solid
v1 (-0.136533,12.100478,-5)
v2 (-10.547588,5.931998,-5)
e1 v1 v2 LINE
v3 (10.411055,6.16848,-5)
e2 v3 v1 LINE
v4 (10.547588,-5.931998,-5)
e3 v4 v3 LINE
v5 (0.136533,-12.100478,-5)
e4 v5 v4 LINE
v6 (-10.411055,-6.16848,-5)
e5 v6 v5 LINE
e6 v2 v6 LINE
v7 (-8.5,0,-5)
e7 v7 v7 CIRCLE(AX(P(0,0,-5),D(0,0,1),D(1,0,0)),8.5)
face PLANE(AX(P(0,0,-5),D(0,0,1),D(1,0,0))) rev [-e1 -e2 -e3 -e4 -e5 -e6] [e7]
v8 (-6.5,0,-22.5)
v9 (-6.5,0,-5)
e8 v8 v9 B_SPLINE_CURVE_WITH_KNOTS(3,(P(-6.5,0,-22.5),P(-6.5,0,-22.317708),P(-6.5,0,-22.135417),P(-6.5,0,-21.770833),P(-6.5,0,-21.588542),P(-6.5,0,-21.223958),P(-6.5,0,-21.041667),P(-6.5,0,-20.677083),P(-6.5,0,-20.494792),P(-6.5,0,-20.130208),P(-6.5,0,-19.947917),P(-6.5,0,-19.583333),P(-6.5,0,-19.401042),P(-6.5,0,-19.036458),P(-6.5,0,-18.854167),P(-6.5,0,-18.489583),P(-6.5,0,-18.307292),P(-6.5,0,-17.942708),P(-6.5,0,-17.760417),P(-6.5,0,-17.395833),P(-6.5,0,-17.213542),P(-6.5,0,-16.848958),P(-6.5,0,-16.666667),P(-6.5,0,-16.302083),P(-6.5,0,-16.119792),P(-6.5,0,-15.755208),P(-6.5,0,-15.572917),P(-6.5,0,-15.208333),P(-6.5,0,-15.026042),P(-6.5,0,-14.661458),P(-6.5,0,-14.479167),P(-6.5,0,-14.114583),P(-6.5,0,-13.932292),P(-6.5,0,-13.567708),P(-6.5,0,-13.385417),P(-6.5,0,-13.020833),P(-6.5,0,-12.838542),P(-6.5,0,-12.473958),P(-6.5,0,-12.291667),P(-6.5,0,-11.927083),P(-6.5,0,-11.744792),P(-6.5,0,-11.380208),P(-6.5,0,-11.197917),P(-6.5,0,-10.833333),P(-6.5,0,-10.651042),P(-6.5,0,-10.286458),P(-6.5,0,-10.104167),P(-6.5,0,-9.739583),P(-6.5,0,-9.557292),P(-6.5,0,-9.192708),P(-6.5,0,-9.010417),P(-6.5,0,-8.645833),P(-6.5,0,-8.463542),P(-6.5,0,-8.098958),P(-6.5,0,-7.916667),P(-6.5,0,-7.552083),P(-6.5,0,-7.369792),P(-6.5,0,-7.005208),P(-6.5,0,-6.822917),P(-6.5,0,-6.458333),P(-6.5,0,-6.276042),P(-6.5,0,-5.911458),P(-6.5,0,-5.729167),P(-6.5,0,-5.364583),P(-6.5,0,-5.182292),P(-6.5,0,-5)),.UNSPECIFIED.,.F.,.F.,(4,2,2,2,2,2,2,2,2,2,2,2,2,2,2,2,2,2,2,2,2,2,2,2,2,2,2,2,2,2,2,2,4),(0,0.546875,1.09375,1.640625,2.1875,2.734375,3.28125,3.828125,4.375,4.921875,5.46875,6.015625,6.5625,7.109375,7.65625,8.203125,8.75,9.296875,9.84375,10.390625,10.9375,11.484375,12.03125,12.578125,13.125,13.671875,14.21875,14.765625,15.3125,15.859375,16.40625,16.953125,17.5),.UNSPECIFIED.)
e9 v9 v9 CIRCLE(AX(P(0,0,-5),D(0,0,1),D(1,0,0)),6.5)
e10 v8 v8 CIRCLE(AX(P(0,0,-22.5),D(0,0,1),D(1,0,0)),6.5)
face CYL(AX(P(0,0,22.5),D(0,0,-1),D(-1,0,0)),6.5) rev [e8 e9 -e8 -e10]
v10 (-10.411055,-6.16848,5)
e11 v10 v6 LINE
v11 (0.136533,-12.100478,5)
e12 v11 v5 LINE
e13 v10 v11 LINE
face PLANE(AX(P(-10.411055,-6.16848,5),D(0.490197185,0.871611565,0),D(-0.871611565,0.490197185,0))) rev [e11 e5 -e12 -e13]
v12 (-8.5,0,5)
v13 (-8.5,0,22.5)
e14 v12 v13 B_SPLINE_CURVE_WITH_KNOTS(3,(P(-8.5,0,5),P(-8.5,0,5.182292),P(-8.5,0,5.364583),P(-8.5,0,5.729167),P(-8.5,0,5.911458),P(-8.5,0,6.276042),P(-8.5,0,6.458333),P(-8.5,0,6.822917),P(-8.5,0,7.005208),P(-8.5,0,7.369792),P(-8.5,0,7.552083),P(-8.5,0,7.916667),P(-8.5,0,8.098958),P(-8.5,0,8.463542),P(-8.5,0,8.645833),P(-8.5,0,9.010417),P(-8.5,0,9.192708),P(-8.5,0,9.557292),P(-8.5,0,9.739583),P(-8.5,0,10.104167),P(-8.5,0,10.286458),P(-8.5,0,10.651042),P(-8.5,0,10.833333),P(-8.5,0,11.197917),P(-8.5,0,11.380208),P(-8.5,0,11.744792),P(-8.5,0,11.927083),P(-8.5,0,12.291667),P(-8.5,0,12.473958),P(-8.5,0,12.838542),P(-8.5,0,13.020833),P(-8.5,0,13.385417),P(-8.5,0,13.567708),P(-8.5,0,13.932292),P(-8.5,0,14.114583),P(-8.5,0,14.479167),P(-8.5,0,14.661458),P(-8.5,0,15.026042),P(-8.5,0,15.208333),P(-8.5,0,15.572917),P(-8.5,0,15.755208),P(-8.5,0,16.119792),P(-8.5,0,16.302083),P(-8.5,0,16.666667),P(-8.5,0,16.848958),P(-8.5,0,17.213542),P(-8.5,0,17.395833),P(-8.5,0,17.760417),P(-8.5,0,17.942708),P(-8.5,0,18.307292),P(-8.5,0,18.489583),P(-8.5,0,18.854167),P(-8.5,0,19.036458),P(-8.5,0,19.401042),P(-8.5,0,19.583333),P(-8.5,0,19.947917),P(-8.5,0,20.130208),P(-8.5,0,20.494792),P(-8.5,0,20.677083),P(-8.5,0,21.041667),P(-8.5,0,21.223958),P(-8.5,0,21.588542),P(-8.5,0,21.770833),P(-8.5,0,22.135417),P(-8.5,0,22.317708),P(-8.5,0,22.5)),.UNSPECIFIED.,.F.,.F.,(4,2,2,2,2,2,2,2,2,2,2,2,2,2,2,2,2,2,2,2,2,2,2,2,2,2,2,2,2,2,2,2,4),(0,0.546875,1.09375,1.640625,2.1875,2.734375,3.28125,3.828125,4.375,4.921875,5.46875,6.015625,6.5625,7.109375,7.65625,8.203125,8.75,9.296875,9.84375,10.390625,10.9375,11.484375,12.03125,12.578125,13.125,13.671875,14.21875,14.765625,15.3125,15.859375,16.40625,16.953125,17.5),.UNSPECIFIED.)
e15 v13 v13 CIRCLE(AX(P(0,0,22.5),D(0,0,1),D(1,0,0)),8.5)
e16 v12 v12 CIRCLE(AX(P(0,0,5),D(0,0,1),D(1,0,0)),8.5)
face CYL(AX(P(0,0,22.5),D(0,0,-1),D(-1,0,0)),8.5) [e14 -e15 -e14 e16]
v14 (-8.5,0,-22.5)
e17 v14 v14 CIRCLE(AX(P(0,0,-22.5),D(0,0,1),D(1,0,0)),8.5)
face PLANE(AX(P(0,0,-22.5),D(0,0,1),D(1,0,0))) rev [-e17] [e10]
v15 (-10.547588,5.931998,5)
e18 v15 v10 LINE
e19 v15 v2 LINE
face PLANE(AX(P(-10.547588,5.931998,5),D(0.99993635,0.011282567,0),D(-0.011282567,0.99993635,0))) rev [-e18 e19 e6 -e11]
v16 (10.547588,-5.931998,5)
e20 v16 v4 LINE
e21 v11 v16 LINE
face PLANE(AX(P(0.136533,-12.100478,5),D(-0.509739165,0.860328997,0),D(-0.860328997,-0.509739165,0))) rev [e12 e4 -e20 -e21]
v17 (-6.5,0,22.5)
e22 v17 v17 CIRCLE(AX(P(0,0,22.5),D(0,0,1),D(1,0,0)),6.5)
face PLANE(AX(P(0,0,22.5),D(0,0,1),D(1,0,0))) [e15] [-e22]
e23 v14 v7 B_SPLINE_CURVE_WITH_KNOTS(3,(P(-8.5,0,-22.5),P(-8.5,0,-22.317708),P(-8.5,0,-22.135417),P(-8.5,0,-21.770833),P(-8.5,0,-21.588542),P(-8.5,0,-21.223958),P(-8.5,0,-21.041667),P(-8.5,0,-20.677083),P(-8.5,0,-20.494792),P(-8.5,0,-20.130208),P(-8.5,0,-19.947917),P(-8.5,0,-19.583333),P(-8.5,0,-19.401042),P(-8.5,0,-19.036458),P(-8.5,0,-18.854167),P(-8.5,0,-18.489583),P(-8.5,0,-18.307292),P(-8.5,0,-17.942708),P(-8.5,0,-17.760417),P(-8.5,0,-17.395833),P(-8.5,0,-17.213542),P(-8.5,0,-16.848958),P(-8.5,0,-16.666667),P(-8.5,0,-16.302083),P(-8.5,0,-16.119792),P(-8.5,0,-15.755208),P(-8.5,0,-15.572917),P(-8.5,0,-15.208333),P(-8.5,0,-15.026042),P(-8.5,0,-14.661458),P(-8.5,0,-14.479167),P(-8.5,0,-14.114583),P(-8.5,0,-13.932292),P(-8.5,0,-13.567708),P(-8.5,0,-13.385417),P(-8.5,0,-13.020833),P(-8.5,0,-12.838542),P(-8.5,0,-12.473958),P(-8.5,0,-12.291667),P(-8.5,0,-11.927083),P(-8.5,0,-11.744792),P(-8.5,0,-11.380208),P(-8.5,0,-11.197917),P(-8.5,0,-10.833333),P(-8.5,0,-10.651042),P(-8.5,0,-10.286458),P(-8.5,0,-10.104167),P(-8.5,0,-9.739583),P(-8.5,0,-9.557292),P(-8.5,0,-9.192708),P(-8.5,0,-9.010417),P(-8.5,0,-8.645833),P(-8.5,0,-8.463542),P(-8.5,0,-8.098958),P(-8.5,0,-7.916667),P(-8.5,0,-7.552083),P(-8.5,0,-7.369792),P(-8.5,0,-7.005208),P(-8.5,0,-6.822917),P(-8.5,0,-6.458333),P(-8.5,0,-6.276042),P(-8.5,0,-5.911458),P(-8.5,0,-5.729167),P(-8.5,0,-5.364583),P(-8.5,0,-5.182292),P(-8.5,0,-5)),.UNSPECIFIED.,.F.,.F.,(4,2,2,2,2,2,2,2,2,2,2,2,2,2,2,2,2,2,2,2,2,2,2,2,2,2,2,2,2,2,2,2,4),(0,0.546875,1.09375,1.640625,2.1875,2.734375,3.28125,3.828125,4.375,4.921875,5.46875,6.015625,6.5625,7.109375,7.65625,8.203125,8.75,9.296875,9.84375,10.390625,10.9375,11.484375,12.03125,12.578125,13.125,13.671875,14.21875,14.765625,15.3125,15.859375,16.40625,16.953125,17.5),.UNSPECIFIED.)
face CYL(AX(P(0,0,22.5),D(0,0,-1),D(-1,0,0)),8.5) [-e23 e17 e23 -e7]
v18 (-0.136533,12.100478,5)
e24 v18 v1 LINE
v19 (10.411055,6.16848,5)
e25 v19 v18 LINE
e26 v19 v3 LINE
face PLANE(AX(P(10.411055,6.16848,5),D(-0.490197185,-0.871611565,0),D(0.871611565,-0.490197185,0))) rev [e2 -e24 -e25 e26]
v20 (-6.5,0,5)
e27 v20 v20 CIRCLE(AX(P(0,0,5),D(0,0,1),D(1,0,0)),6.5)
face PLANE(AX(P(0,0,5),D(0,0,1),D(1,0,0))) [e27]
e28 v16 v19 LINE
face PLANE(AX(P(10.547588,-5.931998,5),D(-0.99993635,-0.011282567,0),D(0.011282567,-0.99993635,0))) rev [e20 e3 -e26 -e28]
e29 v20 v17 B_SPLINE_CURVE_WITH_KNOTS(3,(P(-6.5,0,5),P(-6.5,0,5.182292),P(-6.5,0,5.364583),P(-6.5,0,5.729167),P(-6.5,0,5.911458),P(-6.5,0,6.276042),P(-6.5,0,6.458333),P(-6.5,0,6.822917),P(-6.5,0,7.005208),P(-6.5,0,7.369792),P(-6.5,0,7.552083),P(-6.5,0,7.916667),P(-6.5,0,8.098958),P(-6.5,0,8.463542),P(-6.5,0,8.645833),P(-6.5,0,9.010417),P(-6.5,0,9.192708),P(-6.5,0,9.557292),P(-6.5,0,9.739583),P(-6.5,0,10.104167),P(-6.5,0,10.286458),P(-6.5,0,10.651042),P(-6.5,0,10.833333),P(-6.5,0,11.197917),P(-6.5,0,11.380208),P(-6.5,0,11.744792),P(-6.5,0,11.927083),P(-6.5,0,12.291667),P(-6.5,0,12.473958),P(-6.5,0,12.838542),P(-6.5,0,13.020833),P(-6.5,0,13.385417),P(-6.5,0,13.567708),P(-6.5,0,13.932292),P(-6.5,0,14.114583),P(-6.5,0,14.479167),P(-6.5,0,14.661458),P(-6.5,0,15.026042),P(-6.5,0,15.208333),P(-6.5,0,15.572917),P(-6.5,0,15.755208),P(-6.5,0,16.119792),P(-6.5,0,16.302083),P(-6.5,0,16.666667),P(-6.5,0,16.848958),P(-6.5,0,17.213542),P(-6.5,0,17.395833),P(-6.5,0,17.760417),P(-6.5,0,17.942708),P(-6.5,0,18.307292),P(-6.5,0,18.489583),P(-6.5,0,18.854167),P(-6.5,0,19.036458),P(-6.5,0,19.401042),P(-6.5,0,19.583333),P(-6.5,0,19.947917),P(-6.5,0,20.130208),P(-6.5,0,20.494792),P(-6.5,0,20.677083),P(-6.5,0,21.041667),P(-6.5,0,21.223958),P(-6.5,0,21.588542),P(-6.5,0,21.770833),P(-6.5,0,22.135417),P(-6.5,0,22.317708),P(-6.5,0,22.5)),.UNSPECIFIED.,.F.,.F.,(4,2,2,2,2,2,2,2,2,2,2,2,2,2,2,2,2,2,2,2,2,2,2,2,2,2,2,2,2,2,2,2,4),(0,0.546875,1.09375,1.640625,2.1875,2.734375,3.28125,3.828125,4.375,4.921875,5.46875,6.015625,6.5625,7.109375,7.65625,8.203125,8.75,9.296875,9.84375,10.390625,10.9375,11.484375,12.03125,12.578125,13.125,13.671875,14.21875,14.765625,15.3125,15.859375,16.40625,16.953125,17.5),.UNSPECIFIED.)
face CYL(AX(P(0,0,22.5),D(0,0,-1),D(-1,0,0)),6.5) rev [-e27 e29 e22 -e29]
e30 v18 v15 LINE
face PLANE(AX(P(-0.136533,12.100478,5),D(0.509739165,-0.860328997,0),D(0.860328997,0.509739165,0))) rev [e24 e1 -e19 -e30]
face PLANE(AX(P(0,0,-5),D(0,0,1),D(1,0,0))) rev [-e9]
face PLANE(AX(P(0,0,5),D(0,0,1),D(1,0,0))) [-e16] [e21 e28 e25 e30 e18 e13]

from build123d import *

# Parameters (mm, degrees)
SKETCH1_R           = 8.5
SKETCH1_R_2         = 6.5
EXTRUDE_THIN1_DEPTH = 22.5
BOSS_EXTRUDE1_DEPTH = 5


with BuildPart() as part:
    # Sketch1 → Extrude-Thin1 (new, symmetric)
    with BuildSketch(Plane.XY):
        Circle(SKETCH1_R)
        Circle(SKETCH1_R_2, mode=Mode.SUBTRACT)
    extrude(amount=EXTRUDE_THIN1_DEPTH, both=True)

    # Sketch2 → Boss-Extrude1 (add, symmetric)
    with BuildSketch(Plane.XY):
        Polygon((10.411055183, 6.168480417), (-0.136533152, 12.100478477), (-10.547588335, 5.93199806), (-10.411055183, -6.168480417), (0.136533152, -12.100478477), (10.547588335, -5.93199806), align=None)
    extrude(amount=BOSS_EXTRUDE1_DEPTH, both=True)


solid = part.part
